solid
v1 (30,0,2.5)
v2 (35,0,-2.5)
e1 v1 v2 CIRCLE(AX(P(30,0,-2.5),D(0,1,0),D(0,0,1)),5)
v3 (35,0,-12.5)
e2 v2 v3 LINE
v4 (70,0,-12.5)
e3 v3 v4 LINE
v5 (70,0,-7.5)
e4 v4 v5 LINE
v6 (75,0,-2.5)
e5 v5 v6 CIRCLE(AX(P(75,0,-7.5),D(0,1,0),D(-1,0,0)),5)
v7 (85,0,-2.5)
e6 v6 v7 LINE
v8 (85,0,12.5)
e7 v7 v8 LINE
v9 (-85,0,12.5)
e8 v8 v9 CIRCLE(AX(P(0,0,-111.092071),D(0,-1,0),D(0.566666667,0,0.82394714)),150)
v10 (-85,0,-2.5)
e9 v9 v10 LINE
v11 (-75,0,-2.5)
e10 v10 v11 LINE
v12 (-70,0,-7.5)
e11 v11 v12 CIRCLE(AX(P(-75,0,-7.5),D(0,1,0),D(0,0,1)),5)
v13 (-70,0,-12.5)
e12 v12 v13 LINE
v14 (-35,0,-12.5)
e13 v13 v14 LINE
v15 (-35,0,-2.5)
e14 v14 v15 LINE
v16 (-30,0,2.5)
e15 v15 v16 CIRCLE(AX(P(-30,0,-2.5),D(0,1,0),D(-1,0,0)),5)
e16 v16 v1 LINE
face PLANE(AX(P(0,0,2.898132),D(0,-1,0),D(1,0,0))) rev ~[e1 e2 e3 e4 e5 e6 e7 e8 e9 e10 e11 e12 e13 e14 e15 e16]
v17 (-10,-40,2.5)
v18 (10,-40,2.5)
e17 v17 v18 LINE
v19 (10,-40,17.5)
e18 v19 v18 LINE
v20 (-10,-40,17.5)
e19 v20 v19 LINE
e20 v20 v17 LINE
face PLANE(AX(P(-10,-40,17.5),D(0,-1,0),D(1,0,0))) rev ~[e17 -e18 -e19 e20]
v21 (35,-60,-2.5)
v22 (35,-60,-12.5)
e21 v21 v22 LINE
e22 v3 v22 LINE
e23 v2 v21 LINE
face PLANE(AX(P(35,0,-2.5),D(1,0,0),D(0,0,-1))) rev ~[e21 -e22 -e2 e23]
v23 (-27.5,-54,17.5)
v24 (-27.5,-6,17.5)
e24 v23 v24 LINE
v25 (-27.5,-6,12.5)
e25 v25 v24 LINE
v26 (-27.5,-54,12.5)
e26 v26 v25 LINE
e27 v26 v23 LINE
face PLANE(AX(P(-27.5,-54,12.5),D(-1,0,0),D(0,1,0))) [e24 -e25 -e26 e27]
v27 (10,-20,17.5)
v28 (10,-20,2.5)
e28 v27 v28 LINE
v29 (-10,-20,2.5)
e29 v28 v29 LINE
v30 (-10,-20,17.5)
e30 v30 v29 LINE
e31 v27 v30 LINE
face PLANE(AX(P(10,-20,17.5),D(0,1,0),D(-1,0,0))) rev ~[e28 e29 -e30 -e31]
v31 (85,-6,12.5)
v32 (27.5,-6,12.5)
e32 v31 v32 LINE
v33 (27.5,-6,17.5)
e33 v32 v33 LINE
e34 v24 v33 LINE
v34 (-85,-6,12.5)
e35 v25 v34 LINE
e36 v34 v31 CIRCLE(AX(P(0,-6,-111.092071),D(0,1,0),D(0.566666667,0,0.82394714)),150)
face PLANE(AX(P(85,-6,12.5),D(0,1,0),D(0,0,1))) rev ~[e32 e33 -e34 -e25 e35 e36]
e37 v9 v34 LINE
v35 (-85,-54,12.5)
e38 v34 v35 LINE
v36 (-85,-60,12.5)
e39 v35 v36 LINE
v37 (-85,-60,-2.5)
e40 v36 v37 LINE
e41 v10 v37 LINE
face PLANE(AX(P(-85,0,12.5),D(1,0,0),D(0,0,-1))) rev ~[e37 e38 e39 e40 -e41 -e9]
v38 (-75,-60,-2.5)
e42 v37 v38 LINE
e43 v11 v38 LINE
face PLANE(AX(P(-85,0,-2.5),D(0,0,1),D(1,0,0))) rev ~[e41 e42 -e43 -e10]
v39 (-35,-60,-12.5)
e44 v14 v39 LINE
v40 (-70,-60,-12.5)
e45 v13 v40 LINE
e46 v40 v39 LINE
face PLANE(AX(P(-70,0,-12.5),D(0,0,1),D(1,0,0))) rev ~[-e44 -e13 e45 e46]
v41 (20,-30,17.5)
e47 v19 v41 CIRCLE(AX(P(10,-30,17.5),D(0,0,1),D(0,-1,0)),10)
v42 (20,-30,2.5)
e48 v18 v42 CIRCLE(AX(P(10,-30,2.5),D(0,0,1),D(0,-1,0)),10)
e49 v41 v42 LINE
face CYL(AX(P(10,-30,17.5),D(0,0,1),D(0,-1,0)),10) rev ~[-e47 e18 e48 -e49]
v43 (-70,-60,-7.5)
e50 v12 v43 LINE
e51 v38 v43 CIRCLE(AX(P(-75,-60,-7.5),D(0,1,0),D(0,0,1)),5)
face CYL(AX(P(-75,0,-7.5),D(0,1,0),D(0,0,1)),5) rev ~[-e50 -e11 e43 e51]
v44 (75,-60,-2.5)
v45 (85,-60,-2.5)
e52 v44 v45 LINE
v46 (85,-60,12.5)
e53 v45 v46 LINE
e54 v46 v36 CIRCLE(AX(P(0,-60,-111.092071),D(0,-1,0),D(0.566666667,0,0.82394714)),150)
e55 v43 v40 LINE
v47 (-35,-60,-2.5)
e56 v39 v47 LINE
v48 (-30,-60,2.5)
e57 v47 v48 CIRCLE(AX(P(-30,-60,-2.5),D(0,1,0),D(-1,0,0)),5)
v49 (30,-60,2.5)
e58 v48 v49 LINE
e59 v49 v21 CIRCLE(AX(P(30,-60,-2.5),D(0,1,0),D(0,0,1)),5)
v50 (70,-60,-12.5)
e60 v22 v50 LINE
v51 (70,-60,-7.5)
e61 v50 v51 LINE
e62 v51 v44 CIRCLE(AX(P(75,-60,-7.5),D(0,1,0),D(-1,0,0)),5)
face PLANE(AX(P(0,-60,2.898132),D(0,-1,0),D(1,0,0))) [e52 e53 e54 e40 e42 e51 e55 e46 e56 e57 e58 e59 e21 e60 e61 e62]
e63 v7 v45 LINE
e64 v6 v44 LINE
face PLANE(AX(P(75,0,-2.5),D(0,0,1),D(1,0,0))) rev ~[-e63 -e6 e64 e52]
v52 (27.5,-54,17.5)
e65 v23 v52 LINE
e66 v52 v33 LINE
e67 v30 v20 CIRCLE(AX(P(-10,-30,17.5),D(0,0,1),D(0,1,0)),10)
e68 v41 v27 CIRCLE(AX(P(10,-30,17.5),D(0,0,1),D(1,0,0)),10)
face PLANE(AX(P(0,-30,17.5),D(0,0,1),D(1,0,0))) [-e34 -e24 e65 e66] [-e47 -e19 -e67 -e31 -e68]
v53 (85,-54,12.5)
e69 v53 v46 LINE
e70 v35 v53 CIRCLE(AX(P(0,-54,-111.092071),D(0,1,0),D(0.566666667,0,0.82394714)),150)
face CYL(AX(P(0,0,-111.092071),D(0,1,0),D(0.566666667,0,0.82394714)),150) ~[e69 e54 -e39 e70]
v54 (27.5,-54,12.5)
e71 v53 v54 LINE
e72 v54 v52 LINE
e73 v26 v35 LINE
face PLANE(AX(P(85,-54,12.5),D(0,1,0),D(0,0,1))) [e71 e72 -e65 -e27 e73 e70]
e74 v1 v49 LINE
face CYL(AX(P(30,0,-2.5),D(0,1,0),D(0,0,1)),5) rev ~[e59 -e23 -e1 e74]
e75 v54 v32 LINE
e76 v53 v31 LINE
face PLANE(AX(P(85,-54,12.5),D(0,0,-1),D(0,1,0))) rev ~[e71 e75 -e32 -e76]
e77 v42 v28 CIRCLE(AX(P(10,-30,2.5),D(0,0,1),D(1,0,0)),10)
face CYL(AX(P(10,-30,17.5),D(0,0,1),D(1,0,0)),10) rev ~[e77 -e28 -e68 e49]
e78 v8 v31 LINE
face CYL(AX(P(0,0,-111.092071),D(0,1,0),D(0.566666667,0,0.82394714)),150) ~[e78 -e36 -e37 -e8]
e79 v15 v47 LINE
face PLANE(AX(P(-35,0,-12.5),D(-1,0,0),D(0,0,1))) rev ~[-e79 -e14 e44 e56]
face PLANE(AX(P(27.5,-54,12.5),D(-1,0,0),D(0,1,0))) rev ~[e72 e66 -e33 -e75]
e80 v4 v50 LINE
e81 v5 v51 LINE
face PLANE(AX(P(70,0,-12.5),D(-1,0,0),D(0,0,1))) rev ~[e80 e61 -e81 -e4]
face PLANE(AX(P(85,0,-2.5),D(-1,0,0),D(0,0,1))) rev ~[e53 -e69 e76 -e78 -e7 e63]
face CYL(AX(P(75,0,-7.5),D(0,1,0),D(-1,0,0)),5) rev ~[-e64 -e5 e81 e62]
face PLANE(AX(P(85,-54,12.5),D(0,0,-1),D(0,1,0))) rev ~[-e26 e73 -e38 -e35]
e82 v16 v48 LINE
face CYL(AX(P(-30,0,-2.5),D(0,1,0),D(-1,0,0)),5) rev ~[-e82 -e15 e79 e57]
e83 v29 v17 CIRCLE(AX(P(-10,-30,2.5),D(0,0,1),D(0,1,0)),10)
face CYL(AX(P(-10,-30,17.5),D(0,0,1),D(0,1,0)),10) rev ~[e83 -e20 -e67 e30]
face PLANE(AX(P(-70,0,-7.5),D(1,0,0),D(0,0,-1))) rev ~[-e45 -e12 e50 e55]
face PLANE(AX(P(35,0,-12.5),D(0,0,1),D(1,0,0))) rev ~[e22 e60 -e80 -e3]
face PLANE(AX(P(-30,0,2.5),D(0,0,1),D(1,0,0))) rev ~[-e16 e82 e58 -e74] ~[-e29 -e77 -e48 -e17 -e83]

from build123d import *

# Parameters (mm, degrees)
F1_DEPTH = 60
F2_W     = 48
F2_H     = 28.6153249443
F3_DEPTH = 170.001
F4_W     = 55
F4_H     = 48
F5_DEPTH = 5
F7_DEPTH = 30.001


with BuildPart() as f1:
    # F0 (on Front) → F1 (new body)
    with BuildSketch(Plane.XZ):
        with BuildLine():
            Line((-70, -7.5), (-70, -12.5))
            Line((-70, -12.5), (-35, -12.5))
            Line((-35, -12.5), (-35, -2.5))
            ThreePointArc((-35, -2.5), (-33.5355339059, 1.0355339059), (-30, 2.5))
            Line((-30, 2.5), (30, 2.5))
            ThreePointArc((30, 2.5), (33.5355339059, 1.0355339059), (35, -2.5))
            Line((35, -2.5), (35, -12.5))
            Line((35, -12.5), (70, -12.5))
            Line((70, -12.5), (70, -7.5))
            ThreePointArc((70, -7.5), (71.4644660941, -3.9644660941), (75, -2.5))
            Line((75, -2.5), (85, -2.5))
            Line((85, -2.5), (85, 12.5))
            Line((85, 12.5), (-85, 12.5))
            Line((-85, 12.5), (-85, -2.5))
            Line((-85, -2.5), (-75, -2.5))
            ThreePointArc((-75, -2.5), (-71.4644660941, -3.9644660941), (-70, -7.5))
        make_face()
        with BuildLine():
            ThreePointArc((85, 12.5), (0, 38.9079290569), (-85, 12.5))
            Line((-85, 12.5), (85, 12.5))
        make_face()
    extrude(amount=F1_DEPTH)

    # F2 (on face) → F3 (cut, through all)
    with BuildSketch(Plane.YZ.offset(85)):
        with Locations((-30, 26.8076624721)):
            Rectangle(F2_W, F2_H)
    extrude(amount=-F3_DEPTH, mode=Mode.SUBTRACT)

    # F4 (on face) → F5 (join)
    with BuildSketch(Plane.XY.offset(12.5)):
        with Locations((0, -30)):
            Rectangle(F4_W, F4_H)
    extrude(amount=F5_DEPTH)

    # F6 (on face) → F7 (cut, through all)
    with BuildSketch(Plane.XY.offset(17.5)):
        with BuildLine():
            ThreePointArc((0, -30), (-2.9289321881, -37.0710678119), (-10, -40))
            Line((-10, -40), (10, -40))
            ThreePointArc((10, -40), (2.9289321881, -37.0710678119), (0, -30))
        make_face()
        with BuildLine():
            ThreePointArc((-10, -20), (-20, -30), (-10, -40))
            Line((-10, -40), (-10, -20))
        make_face()
        with BuildLine():
            Line((-10, -20), (-10, -40))
            ThreePointArc((-10, -40), (-2.9289321881, -37.0710678119), (0, -30))
            ThreePointArc((0, -30), (-2.9289321881, -22.9289321881), (-10, -20))
        make_face()
        with BuildLine():
            ThreePointArc((0, -30), (2.9289321881, -37.0710678119), (10, -40))
            Line((10, -40), (10, -20))
            ThreePointArc((10, -20), (2.9289321881, -22.9289321881), (0, -30))
        make_face()
        with BuildLine():
            Line((10, -20), (10, -40))
            ThreePointArc((10, -40), (17.0710678119, -37.0710678119), (20, -30))
            ThreePointArc((20, -30), (17.0710678119, -22.9289321881), (10, -20))
        make_face()
        with BuildLine():
            Line((10, -20), (-10, -20))
            ThreePointArc((-10, -20), (-2.9289321881, -22.9289321881), (0, -30))
            ThreePointArc((0, -30), (2.9289321881, -22.9289321881), (10, -20))
        make_face()
    extrude(amount=-F7_DEPTH, mode=Mode.SUBTRACT)


solid = f1.part
